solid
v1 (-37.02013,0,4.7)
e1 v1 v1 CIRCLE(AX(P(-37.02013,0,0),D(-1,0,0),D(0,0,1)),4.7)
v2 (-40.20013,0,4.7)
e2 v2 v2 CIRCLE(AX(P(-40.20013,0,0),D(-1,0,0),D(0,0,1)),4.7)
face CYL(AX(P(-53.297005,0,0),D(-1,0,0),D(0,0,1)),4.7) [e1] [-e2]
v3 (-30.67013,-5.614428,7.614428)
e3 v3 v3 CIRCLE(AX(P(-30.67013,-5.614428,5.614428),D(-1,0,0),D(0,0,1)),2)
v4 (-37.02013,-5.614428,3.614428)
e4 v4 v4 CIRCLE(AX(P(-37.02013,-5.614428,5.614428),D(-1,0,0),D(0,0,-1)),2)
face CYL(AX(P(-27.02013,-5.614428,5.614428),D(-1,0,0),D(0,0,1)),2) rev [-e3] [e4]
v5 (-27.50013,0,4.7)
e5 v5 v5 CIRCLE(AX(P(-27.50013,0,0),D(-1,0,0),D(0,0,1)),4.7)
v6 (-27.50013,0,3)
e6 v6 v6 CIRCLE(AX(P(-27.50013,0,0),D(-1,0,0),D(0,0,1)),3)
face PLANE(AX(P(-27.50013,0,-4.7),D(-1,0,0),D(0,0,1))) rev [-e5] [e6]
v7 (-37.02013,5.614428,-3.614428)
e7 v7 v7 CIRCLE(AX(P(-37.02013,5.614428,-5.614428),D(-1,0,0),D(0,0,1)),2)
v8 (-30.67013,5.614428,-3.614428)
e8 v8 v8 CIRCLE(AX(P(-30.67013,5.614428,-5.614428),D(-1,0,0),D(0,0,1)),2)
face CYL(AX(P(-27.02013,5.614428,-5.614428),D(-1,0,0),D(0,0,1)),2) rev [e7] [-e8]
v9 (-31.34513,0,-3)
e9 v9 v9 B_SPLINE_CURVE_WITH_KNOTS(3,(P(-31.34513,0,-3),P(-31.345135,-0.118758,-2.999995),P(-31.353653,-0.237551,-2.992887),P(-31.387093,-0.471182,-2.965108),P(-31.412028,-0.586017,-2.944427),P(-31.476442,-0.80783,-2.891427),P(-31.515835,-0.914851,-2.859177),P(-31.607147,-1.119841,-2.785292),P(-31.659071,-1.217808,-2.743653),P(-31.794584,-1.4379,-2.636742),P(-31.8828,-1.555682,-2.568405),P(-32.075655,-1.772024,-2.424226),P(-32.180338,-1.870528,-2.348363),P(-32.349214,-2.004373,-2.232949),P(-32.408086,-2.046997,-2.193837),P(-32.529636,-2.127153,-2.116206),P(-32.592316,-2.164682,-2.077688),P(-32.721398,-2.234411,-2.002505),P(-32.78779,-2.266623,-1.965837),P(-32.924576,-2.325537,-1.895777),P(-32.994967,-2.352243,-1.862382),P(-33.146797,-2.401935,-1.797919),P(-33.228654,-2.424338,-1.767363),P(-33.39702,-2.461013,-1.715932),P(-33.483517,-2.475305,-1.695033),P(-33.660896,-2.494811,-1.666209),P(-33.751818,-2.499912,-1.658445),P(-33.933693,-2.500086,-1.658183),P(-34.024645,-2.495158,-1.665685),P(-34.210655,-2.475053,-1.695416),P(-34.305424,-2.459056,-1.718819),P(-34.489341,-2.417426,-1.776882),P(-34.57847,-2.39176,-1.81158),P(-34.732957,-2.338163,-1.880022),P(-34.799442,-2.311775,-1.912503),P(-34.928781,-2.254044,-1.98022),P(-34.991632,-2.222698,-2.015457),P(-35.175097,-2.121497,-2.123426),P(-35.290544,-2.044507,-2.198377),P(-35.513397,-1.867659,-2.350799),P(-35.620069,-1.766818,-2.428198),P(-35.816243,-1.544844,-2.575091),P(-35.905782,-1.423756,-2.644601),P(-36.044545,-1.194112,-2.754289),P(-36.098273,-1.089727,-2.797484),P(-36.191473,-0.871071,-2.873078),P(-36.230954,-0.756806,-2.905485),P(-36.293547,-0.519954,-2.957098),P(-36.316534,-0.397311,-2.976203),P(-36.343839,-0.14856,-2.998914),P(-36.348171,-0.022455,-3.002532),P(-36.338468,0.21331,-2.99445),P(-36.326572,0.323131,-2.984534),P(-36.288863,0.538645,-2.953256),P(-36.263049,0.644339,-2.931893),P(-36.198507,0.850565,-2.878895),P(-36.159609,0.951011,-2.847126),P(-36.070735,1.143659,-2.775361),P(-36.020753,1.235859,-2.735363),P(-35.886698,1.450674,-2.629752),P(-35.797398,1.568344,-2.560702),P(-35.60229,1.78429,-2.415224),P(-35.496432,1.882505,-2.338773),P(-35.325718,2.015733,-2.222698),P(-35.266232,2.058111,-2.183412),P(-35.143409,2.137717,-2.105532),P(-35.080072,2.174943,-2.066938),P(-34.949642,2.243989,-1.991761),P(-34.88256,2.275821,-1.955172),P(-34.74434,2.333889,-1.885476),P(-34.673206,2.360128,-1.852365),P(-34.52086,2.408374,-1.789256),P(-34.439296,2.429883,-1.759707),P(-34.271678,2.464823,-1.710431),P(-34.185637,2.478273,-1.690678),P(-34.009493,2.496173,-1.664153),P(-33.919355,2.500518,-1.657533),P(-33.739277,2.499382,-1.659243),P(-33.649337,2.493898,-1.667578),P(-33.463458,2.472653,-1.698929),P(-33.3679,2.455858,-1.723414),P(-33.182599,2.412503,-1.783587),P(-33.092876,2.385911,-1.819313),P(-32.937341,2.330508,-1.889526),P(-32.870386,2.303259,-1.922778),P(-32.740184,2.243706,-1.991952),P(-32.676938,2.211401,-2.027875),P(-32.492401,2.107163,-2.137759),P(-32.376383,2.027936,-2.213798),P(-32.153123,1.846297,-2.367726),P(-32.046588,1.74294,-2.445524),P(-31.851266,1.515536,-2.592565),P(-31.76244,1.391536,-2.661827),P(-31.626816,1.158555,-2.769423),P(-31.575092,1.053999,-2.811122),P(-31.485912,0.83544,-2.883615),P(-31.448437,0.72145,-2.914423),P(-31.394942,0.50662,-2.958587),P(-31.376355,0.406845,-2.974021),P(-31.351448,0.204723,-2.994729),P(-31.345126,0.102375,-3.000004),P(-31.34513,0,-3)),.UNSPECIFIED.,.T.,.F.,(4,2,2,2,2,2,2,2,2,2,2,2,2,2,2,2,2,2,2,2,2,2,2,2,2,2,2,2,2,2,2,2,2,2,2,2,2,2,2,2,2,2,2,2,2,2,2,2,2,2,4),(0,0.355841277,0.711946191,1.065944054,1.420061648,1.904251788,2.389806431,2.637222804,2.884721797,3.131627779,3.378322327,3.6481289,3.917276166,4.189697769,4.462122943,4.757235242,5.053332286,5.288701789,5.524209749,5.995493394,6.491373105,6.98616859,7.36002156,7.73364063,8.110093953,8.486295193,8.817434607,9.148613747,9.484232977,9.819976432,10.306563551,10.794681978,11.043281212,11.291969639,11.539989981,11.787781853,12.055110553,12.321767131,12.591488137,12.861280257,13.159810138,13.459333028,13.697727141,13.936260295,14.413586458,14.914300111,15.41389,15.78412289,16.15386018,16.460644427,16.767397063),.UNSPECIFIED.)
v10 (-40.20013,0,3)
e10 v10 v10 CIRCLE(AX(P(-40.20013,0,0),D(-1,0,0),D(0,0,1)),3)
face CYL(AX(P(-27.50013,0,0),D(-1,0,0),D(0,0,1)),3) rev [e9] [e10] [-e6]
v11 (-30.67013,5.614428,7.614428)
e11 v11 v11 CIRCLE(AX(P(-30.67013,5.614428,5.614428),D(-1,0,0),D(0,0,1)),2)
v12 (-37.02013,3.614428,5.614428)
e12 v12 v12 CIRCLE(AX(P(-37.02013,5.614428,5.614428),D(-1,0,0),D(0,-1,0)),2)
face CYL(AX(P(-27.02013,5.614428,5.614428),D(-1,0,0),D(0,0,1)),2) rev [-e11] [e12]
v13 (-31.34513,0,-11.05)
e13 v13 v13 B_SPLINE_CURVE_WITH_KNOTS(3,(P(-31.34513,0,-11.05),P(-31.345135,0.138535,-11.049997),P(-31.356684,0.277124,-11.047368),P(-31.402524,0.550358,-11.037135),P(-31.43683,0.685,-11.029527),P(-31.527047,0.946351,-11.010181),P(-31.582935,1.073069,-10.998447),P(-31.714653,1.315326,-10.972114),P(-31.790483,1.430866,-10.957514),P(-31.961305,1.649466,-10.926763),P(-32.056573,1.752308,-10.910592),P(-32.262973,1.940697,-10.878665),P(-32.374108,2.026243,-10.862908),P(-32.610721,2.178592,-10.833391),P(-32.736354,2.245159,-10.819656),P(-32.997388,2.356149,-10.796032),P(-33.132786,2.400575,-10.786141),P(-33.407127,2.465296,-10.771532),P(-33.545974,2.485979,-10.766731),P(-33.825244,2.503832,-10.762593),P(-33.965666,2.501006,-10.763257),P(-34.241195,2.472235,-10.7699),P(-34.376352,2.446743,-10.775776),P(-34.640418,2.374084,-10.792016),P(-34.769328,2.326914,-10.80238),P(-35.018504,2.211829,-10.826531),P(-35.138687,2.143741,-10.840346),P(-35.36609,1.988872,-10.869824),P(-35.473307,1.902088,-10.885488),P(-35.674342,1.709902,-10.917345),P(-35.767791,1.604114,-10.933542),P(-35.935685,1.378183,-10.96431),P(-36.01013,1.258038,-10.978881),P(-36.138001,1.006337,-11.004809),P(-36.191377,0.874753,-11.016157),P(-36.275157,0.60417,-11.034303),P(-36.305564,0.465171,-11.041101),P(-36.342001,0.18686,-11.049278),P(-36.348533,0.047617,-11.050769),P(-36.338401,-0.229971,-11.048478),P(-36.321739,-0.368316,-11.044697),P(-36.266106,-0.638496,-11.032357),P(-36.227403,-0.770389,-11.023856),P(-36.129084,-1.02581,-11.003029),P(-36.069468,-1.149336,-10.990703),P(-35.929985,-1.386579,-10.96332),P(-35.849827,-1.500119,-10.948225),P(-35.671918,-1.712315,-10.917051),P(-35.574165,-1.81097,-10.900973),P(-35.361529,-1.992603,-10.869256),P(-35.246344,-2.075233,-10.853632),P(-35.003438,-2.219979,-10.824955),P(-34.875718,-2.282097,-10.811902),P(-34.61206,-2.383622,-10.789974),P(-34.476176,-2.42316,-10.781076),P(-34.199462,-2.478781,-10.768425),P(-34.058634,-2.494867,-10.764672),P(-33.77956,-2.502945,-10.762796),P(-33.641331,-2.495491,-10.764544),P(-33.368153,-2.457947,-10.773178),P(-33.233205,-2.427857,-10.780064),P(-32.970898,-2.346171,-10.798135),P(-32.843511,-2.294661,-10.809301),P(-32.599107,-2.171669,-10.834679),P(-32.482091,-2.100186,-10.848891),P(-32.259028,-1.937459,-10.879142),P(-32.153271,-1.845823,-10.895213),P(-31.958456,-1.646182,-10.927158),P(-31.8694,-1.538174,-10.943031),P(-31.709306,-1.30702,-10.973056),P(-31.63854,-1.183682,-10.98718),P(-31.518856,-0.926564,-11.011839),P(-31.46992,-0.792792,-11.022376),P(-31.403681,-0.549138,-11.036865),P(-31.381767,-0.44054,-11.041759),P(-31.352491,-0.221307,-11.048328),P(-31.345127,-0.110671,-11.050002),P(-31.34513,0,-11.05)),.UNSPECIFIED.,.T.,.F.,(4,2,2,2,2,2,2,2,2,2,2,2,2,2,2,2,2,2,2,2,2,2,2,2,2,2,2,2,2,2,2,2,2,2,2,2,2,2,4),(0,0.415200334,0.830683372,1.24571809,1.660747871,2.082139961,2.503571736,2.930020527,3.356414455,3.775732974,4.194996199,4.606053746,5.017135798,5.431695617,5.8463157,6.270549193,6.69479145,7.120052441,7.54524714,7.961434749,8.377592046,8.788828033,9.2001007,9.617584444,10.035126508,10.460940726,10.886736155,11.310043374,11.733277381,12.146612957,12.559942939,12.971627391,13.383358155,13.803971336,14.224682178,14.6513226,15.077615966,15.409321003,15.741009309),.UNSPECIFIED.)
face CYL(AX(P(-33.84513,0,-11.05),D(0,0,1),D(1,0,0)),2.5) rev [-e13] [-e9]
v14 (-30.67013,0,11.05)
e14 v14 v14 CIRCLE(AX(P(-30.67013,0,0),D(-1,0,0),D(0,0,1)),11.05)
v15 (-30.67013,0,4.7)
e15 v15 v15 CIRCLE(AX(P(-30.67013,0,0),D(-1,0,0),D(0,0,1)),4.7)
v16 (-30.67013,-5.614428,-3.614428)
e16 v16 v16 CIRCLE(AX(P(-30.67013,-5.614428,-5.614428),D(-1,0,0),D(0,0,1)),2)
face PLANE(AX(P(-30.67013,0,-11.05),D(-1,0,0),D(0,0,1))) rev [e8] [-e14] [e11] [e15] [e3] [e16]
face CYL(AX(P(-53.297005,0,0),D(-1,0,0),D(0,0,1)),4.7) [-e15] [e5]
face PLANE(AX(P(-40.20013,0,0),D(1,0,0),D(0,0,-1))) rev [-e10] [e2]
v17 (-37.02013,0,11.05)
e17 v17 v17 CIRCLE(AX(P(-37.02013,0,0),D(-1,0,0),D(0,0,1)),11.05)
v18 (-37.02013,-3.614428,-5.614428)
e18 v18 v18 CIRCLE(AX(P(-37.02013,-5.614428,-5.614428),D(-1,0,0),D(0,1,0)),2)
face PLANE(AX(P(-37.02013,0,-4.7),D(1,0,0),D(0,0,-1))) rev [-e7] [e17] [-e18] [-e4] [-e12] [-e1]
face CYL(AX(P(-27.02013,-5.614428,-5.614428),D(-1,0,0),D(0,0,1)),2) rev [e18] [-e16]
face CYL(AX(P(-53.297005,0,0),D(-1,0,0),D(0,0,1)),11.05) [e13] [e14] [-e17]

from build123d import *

# Parameters (mm, degrees)
ESQUISSE2_R                  = 3
ENL_V_MAT_EXTRU_1_DEPTH      = 13.7
ESQUISSE3_R                  = 2
ENL_V_MAT_EXTRU_2_DEPTH      = 10
R_P_TITION_CIRCULAIRE1_COUNT = 4
ESQUISSE5_R                  = 2.5
ENL_V_MAT_EXTRU_3_DEPTH      = 12.05


with BuildPart() as part:
    # Esquisse1 → Révolution1 (revolve)
    with BuildSketch(Plane(origin=(0, 0, 0), x_dir=(1, 0, 0), z_dir=(0, 1, 0))):
        Polygon((-40.200130208, 0), (-40.200130208, 4.7), (-37.020130208, 4.7), (-37.020130208, 11.05), (-30.670130208, 11.05), (-30.670130208, 4.7), (-27.500130208, 4.7), (-27.500130208, 0), align=None)
    revolve(axis=Axis((-53.297005208, 0, 0), (1, 0, 0)))

    # Esquisse2 → Enlèv. mat.-Extru.1 (cut, through all)
    with BuildSketch(Plane.ZY.offset(40.200130208)):
        Circle(ESQUISSE2_R)
    extrude(amount=-ENL_V_MAT_EXTRU_1_DEPTH, mode=Mode.SUBTRACT)

    # Esquisse3 → Enlèv. mat.-Extru.2 (cut)
    with BuildSketch(Plane.ZY.offset(37.020130208)):
        with Locations((-5.614427843, 5.614427843)):
            Circle(ESQUISSE3_R)
    enl_v_mat_extru_2 = extrude(amount=-ENL_V_MAT_EXTRU_2_DEPTH, mode=Mode.SUBTRACT)

    # Répétition circulaire1: Enlèv. mat.-Extru.2 ×4 about axis
    r_p_tition_circulaire1_axis = Axis((0, 0, 0), (1, 0, 0))
    for i in range(1, R_P_TITION_CIRCULAIRE1_COUNT):
        add(enl_v_mat_extru_2.rotate(r_p_tition_circulaire1_axis, i * 360 / R_P_TITION_CIRCULAIRE1_COUNT), mode=Mode.SUBTRACT)

    # Esquisse5 → Enlèv. mat.-Extru.3 (cut, through all)
    with BuildSketch(Plane.XY):
        with Locations((-33.845130208, 0)):
            Circle(ESQUISSE5_R)
    extrude(amount=-ENL_V_MAT_EXTRU_3_DEPTH, mode=Mode.SUBTRACT)


solid = part.part
